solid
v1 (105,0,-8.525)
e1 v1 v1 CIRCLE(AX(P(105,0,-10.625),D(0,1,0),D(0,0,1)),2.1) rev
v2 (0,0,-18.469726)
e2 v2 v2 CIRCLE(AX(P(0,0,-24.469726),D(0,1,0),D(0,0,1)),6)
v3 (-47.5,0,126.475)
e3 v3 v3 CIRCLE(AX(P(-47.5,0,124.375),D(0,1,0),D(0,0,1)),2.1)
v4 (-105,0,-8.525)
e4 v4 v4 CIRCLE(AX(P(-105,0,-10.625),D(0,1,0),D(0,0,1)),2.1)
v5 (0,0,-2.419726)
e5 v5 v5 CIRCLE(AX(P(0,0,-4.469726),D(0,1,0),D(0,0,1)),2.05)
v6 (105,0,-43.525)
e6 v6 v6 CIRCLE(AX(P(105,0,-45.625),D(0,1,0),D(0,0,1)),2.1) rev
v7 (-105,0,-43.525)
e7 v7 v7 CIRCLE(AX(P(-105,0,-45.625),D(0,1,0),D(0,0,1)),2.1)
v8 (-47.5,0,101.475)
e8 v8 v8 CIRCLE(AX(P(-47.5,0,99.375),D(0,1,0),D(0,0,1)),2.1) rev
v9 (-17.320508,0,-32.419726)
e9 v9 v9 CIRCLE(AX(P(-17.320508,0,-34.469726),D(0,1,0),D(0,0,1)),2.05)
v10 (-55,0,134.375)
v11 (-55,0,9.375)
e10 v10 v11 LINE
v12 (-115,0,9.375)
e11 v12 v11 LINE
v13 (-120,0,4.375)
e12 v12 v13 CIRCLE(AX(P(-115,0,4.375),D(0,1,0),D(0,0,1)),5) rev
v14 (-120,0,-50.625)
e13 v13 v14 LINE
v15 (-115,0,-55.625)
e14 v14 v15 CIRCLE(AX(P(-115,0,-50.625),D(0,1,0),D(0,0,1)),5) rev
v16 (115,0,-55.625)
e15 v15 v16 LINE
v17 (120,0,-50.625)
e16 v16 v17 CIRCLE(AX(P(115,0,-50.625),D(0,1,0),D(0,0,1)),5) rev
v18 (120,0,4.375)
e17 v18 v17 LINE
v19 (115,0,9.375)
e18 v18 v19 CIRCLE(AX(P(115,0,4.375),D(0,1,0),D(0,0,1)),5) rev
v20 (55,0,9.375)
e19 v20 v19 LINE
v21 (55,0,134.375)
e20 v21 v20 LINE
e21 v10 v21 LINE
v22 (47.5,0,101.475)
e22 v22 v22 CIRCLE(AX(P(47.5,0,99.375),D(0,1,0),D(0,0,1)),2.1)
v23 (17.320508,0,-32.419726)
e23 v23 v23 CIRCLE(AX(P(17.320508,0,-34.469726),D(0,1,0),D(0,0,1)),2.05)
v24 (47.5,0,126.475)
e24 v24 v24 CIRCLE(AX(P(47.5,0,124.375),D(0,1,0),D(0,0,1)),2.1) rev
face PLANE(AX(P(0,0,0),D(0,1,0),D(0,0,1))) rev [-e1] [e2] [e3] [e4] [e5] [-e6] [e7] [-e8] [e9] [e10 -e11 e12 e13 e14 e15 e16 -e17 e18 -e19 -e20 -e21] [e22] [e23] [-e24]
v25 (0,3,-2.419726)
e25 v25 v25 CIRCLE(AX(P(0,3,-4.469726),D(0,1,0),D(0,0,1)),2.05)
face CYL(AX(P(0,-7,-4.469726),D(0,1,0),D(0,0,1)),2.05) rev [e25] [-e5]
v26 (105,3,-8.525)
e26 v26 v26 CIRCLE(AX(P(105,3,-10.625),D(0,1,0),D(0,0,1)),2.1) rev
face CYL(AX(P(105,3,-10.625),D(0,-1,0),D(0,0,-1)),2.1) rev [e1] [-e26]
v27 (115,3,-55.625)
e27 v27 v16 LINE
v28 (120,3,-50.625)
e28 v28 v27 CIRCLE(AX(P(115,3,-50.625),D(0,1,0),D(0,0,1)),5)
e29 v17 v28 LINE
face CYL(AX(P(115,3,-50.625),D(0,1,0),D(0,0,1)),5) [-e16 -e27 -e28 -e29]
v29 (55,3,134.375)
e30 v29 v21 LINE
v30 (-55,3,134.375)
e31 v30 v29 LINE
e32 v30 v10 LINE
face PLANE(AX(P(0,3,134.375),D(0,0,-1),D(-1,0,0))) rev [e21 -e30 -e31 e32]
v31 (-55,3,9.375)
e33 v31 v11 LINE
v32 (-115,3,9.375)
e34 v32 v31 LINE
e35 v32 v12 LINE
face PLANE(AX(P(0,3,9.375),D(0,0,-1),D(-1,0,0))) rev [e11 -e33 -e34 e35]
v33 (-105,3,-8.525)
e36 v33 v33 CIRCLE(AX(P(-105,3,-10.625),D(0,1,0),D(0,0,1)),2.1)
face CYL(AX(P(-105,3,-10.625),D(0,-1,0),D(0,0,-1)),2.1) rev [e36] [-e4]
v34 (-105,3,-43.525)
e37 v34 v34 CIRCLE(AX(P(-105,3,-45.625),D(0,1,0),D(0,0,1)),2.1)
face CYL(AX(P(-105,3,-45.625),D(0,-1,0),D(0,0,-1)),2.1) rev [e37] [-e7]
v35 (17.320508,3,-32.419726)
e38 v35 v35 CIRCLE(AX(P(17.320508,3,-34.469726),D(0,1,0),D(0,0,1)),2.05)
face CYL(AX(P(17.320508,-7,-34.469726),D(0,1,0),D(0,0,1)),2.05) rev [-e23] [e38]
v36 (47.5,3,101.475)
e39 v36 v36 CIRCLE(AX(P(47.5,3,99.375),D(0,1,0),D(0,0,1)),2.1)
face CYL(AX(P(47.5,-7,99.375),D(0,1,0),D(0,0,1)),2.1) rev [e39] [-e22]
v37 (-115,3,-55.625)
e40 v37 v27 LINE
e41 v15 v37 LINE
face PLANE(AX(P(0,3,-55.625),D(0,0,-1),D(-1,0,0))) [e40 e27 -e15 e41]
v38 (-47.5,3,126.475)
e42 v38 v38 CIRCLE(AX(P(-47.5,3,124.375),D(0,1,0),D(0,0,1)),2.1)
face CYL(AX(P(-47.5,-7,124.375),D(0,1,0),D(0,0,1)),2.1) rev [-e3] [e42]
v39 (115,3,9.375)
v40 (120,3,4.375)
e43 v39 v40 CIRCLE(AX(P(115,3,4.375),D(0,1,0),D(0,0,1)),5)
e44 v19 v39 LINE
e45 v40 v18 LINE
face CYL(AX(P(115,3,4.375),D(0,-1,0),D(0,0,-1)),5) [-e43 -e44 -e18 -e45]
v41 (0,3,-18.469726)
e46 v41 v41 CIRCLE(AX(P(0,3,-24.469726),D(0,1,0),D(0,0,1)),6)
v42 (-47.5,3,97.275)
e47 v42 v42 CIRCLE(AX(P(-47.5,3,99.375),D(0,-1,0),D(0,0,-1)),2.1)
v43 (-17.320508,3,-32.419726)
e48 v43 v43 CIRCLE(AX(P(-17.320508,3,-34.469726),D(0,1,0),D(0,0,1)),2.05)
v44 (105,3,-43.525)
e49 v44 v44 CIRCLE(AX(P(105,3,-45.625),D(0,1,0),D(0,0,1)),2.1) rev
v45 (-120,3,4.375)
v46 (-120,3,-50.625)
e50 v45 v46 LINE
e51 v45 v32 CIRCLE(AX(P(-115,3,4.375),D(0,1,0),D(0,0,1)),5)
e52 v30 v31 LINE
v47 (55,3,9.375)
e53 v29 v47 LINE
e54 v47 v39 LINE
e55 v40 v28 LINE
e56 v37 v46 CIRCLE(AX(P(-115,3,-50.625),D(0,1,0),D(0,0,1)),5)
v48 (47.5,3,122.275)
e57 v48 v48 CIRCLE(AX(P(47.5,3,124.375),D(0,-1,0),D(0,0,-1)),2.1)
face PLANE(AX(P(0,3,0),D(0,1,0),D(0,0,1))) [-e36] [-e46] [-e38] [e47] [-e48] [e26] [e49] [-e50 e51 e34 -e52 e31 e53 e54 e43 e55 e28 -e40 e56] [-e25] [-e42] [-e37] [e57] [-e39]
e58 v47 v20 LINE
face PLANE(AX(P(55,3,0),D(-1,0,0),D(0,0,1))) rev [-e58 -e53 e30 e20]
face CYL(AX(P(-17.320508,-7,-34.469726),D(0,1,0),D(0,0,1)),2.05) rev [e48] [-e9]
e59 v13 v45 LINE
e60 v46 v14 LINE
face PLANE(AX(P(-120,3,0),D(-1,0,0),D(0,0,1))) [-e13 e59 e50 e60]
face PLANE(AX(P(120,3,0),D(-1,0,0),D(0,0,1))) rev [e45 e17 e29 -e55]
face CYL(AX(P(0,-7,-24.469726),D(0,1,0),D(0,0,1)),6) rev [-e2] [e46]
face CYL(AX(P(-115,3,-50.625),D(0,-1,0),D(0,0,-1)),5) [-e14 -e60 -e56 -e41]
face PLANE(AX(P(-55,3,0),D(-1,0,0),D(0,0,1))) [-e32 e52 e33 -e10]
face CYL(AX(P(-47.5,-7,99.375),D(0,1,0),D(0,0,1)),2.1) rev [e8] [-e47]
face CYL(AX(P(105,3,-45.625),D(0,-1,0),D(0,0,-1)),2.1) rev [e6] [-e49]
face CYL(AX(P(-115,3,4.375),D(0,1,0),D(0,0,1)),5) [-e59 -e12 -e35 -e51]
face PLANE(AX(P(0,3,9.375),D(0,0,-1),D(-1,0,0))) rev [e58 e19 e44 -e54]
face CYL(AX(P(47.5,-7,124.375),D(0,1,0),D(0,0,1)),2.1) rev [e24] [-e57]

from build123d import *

# Parameters (mm, degrees)
SKETCH_1_W          = 240
SKETCH_1_H          = 65
SKETCH_1_R          = 2.1
EXTRUDE_1_DEPTH     = 3
FILLET_1_R          = 5
SKETCH_5_R          = 2.1
CUT_EXTRUDE_4_DEPTH = 10
SKETCH_3_R          = 6
SKETCH_3_R_2        = 2.05
CUT_EXTRUDE_5_DEPTH = 10


with BuildPart() as part:
    # 草图1 → 凸台-拉伸1 (new body)
    # profile 1 of 2: a face of its own
    with BuildSketch(Plane(origin=(0, 0, 0), x_dir=(1, 0, 0), z_dir=(0, 1, 0))):
        with Locations((0, 23.125)):
            Rectangle(SKETCH_1_W, SKETCH_1_H)
        with Locations(Location((105, 10.625, 0), (0, 0, 270))):
            Circle(SKETCH_1_R, mode=Mode.SUBTRACT)
        with Locations(Location((-105, 10.625, 0), (0, 0, 270))):
            Circle(SKETCH_1_R, mode=Mode.SUBTRACT)
        with Locations(Location((-105, 45.625, 0), (0, 0, 270))):
            Circle(SKETCH_1_R, mode=Mode.SUBTRACT)
        with Locations(Location((105, 45.625, 0), (0, 0, 270))):
            Circle(SKETCH_1_R, mode=Mode.SUBTRACT)
    # profile 2 of 2: a face of its own
    with BuildSketch(Plane(origin=(0, 0, 0), x_dir=(1, 0, 0), z_dir=(0, 1, 0))):
        Polygon((13.003862914, -9.375), (-55, -9.375), (-55, -134.375), (55, -134.375), (55, -9.375), align=None)
    extrude(amount=EXTRUDE_1_DEPTH)

    # 圆角1
    fillet_1_edges = [part.edges().sort_by_distance(p)[0] for p in [
        (-120, 1.5, 9.375),
        (-120, 1.5, -55.625),
        (120, 1.5, -55.625),
        (120, 1.5, 9.375),
    ]]
    fillet(fillet_1_edges, radius=FILLET_1_R)

    # 草图5 → 切除-拉伸4 (cut)
    with BuildSketch(Plane(origin=(0, 3, 0), x_dir=(1, 0, 0), z_dir=(0, 1, 0))):
        with Locations(Location((-47.5, -124.375, 0), (0, 0, 270))):
            Circle(SKETCH_5_R)
        with Locations(Location((47.5, -124.375, 0), (0, 0, 270))):
            Circle(SKETCH_5_R)
        with Locations(Location((47.5, -99.375, 0), (0, 0, 270))):
            Circle(SKETCH_5_R)
        with Locations(Location((-47.5, -99.375, 0), (0, 0, 270))):
            Circle(SKETCH_5_R)
    extrude(amount=-CUT_EXTRUDE_4_DEPTH, mode=Mode.SUBTRACT)

    # 草图3 → 切除-拉伸5 (cut)
    with BuildSketch(Plane(origin=(0, 3, 0), x_dir=(1, 0, 0), z_dir=(0, 1, 0))):
        with Locations(Location((0, 24.469725565, 0), (0, 0, 270))):
            Circle(SKETCH_3_R)
        with Locations(Location((0, 4.469725565, 0), (0, 0, 270))):
            Circle(SKETCH_3_R_2)
        with Locations(Location((-17.320508076, 34.469725565, 0), (0, 0, 270))):
            Circle(SKETCH_3_R_2)
        with Locations(Location((17.320508076, 34.469725565, 0), (0, 0, 270))):
            Circle(SKETCH_3_R_2)
    extrude(amount=-CUT_EXTRUDE_5_DEPTH, mode=Mode.SUBTRACT)


solid = part.part
